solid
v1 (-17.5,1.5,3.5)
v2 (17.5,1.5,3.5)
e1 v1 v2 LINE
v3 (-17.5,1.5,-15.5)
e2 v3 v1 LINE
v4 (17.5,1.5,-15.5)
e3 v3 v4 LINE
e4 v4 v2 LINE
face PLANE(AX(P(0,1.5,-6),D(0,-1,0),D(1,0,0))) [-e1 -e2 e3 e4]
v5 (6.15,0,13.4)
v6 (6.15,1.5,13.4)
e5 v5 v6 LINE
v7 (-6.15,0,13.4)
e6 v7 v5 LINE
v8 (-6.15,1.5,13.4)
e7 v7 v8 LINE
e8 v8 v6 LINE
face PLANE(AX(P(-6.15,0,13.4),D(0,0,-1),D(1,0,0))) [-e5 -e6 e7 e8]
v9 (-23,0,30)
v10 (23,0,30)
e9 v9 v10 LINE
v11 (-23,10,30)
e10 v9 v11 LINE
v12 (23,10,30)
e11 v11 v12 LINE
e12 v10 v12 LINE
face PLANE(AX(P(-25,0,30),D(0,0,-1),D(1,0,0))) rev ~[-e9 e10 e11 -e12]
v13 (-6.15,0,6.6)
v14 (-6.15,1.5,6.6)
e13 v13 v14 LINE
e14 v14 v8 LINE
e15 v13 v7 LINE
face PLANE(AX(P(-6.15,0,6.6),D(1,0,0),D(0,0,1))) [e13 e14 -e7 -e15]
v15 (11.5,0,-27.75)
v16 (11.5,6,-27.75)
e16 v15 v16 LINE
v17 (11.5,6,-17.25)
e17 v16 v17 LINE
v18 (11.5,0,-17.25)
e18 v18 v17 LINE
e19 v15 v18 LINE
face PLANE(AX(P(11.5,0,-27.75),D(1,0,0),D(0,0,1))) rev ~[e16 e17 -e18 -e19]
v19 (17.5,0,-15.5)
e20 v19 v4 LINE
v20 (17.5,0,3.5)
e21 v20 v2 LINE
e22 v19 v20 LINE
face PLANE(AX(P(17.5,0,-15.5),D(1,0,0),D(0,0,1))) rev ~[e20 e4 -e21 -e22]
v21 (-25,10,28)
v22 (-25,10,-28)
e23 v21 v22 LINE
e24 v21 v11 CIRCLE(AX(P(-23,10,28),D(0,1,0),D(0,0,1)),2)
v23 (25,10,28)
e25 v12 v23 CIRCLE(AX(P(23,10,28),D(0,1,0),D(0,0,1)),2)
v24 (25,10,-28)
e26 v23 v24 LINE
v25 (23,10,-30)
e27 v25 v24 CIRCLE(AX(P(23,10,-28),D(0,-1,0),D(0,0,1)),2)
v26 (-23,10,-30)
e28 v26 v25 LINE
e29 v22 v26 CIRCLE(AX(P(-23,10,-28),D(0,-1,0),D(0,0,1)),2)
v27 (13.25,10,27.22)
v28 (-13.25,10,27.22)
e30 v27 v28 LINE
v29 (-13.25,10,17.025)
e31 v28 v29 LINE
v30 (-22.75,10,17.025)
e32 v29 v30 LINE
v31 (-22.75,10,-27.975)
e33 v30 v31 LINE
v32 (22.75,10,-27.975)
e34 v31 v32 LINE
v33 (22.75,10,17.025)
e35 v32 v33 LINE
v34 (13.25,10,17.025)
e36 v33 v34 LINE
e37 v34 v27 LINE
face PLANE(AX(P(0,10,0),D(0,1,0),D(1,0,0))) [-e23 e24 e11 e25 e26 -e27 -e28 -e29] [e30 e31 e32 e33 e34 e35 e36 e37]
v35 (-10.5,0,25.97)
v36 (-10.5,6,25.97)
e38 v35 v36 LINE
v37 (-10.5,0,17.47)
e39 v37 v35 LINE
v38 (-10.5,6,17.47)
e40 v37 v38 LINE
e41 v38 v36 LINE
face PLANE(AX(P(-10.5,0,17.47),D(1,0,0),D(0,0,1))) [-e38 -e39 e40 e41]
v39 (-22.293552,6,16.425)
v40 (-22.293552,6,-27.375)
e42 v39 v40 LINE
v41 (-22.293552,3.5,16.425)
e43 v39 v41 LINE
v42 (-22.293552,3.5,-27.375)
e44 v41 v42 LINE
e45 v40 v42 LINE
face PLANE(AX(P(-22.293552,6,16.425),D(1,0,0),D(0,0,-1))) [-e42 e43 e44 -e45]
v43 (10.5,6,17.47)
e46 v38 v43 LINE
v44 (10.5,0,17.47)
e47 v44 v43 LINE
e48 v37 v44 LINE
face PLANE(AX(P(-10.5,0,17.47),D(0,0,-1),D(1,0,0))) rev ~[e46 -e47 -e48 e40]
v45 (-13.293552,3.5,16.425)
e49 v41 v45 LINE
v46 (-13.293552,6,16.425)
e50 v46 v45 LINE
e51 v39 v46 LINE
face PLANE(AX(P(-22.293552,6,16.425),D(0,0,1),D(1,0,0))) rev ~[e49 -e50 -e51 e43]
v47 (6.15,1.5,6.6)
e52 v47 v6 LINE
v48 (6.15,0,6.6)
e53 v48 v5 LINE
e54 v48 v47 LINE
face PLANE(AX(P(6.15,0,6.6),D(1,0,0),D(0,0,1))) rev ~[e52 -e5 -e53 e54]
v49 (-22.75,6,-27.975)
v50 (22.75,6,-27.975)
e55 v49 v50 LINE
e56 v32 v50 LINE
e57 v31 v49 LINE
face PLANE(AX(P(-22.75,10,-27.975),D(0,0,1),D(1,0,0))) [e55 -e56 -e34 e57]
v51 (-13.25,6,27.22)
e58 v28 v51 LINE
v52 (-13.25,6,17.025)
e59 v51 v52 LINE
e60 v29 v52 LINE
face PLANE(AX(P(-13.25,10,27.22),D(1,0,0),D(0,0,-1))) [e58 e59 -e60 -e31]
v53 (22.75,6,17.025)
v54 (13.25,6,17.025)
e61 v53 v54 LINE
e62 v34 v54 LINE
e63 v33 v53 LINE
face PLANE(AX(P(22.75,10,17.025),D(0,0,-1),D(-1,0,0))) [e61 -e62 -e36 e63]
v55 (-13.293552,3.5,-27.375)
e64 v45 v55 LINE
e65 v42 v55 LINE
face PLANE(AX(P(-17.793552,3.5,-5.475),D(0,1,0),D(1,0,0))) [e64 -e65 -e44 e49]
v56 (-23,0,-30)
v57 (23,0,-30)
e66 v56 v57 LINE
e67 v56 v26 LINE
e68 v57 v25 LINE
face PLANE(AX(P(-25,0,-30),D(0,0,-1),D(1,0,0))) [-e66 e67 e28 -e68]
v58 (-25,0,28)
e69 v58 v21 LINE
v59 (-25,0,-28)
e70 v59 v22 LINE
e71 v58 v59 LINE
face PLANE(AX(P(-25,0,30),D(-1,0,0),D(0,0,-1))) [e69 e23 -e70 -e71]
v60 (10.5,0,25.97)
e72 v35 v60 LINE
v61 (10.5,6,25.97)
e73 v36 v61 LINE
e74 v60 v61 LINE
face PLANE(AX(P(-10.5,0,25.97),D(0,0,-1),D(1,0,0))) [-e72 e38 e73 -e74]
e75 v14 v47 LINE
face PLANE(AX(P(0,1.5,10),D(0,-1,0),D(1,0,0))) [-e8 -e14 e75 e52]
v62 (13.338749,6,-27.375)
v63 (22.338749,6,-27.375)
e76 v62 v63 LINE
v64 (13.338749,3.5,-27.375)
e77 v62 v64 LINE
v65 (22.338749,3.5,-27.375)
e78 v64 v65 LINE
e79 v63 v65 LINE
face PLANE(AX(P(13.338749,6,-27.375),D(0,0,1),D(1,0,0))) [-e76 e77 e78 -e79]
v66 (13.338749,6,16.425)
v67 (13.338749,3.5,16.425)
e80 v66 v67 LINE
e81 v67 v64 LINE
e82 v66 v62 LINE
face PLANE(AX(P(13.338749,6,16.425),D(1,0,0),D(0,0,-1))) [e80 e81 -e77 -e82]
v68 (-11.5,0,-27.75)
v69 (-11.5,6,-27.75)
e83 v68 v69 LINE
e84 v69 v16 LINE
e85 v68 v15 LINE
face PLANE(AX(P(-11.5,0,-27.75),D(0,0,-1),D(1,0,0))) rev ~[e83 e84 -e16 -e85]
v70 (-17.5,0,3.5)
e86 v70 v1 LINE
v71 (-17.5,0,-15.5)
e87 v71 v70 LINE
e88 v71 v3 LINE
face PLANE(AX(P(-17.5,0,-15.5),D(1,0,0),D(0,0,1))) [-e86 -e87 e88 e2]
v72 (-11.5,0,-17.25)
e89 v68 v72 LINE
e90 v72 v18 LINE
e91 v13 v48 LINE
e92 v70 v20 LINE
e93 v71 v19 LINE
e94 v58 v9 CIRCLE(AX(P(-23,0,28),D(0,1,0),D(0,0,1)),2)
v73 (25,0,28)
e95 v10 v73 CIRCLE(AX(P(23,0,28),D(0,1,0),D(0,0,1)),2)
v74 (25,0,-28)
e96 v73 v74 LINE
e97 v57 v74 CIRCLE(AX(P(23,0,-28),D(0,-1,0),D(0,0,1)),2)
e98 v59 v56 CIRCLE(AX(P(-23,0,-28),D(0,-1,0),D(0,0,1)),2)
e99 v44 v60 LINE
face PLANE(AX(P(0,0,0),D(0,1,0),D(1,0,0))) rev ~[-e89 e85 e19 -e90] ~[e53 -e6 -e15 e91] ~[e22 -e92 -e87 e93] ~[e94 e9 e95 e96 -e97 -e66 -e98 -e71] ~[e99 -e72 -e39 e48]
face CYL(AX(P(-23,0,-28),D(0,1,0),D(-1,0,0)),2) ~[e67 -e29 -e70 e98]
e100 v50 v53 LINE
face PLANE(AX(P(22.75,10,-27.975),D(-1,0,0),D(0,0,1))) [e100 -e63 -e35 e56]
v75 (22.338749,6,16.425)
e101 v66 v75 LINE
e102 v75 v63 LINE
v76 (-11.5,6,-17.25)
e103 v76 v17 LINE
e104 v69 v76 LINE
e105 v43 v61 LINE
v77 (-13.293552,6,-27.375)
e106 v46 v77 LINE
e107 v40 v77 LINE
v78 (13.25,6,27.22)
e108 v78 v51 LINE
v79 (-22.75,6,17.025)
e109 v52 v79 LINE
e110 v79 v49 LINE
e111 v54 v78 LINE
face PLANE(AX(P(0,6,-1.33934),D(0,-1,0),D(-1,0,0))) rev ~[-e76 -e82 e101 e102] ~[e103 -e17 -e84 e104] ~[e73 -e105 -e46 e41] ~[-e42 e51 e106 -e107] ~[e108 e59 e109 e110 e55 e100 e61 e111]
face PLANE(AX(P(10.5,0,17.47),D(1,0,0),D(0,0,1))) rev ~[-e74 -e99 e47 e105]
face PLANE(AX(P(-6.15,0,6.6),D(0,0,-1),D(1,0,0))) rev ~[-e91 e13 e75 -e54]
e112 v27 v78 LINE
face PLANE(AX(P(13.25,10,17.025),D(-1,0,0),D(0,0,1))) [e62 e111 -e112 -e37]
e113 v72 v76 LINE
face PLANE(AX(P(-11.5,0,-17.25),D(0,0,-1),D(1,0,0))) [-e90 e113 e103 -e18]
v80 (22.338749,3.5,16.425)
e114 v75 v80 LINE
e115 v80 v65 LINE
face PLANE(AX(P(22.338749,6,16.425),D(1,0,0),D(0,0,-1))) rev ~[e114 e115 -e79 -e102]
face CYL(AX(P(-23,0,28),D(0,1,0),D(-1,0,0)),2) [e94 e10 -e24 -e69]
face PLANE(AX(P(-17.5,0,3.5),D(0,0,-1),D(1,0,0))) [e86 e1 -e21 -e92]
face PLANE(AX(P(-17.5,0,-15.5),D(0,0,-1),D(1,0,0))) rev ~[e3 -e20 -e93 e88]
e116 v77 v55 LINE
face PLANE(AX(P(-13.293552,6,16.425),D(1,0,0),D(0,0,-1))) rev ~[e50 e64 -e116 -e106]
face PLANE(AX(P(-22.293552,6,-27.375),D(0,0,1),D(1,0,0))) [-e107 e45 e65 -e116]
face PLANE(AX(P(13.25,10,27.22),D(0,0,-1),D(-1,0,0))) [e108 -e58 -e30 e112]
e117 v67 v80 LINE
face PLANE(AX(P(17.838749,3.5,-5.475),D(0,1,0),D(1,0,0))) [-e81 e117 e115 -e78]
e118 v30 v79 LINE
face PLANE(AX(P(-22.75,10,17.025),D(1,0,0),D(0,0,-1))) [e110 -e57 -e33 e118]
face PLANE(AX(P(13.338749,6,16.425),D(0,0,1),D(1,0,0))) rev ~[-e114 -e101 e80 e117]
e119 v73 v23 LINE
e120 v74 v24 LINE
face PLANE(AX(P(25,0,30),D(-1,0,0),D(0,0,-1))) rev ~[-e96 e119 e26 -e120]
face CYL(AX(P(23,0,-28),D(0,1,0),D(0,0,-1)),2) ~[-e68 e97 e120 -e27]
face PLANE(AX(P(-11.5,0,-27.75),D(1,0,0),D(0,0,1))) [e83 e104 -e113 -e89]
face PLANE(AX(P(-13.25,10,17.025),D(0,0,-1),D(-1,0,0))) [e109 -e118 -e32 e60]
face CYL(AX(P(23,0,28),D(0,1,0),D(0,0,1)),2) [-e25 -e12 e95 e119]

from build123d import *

# Parameters (mm, degrees)
SKETCH1_W           = 50
SKETCH1_H           = 60
BOSS_EXTRUDE1_DEPTH = 10
CUT_EXTRUDE1_DEPTH  = 4
SKETCH3_W           = 23
SKETCH3_H           = 10.5
SKETCH3_W_2         = 21
SKETCH3_H_2         = 8.5
CUT_EXTRUDE2_DEPTH  = 10
SKETCH4_W           = 9
SKETCH4_H           = 43.8
CUT_EXTRUDE3_DEPTH  = 2.5
SKETCH5_W           = 35
SKETCH5_H           = 19
CUT_EXTRUDE4_DEPTH  = 1.5
SKETCH6_W           = 12.3
SKETCH6_H           = 6.8
CUT_EXTRUDE5_DEPTH  = 1.5
FILLET1_R           = 2


with BuildPart() as part:
    # Sketch1 → Boss-Extrude1 (new body)
    with BuildSketch(Plane(origin=(0, 0, 0), x_dir=(1, 0, 0), z_dir=(0, 1, 0))):
        Rectangle(SKETCH1_W, SKETCH1_H)
    extrude(amount=BOSS_EXTRUDE1_DEPTH)

    # Sketch2 → Cut-Extrude1 (cut)
    with BuildSketch(Plane(origin=(0, 10, 0), x_dir=(1, 0, 0), z_dir=(0, 1, 0))):
        Polygon((-22.75, 27.975), (22.75, 27.975), (22.75, -17.025), (13.25, -17.025), (13.25, -27.22), (-13.25, -27.22), (-13.25, -17.025), (-22.75, -17.025), align=None)
    extrude(amount=-CUT_EXTRUDE1_DEPTH, mode=Mode.SUBTRACT)

    # Sketch3 → Cut-Extrude2 (cut)
    with BuildSketch(Plane.XZ):
        with Locations((0, -22.5)):
            Rectangle(SKETCH3_W, SKETCH3_H)
        with Locations((0, 21.72)):
            Rectangle(SKETCH3_W_2, SKETCH3_H_2)
    extrude(amount=-CUT_EXTRUDE2_DEPTH, mode=Mode.SUBTRACT)

    # Sketch4 → Cut-Extrude3 (cut)
    with BuildSketch(Plane(origin=(0, 6, 0), x_dir=(1, 0, 0), z_dir=(0, 1, 0))):
        with Locations((-17.793551609, 5.475)):
            Rectangle(SKETCH4_W, SKETCH4_H)
        with Locations((17.838749051, 5.475)):
            Rectangle(SKETCH4_W, SKETCH4_H)
    extrude(amount=-CUT_EXTRUDE3_DEPTH, mode=Mode.SUBTRACT)

    # Sketch5 → Cut-Extrude4 (cut)
    with BuildSketch(Plane.XZ):
        with Locations((0, -6)):
            Rectangle(SKETCH5_W, SKETCH5_H)
    extrude(amount=-CUT_EXTRUDE4_DEPTH, mode=Mode.SUBTRACT)

    # Sketch6 → Cut-Extrude5 (cut)
    with BuildSketch(Plane.XZ):
        with Locations((0, 10)):
            Rectangle(SKETCH6_W, SKETCH6_H)
    extrude(amount=-CUT_EXTRUDE5_DEPTH, mode=Mode.SUBTRACT)

    # Fillet1
    fillet1_edges = [part.edges().sort_by_distance(p)[0] for p in [
        (25, 5, 30),
        (-25, 5, 30),
        (-25, 5, -30),
        (25, 5, -30),
    ]]
    fillet(fillet1_edges, radius=FILLET1_R)


solid = part.part
